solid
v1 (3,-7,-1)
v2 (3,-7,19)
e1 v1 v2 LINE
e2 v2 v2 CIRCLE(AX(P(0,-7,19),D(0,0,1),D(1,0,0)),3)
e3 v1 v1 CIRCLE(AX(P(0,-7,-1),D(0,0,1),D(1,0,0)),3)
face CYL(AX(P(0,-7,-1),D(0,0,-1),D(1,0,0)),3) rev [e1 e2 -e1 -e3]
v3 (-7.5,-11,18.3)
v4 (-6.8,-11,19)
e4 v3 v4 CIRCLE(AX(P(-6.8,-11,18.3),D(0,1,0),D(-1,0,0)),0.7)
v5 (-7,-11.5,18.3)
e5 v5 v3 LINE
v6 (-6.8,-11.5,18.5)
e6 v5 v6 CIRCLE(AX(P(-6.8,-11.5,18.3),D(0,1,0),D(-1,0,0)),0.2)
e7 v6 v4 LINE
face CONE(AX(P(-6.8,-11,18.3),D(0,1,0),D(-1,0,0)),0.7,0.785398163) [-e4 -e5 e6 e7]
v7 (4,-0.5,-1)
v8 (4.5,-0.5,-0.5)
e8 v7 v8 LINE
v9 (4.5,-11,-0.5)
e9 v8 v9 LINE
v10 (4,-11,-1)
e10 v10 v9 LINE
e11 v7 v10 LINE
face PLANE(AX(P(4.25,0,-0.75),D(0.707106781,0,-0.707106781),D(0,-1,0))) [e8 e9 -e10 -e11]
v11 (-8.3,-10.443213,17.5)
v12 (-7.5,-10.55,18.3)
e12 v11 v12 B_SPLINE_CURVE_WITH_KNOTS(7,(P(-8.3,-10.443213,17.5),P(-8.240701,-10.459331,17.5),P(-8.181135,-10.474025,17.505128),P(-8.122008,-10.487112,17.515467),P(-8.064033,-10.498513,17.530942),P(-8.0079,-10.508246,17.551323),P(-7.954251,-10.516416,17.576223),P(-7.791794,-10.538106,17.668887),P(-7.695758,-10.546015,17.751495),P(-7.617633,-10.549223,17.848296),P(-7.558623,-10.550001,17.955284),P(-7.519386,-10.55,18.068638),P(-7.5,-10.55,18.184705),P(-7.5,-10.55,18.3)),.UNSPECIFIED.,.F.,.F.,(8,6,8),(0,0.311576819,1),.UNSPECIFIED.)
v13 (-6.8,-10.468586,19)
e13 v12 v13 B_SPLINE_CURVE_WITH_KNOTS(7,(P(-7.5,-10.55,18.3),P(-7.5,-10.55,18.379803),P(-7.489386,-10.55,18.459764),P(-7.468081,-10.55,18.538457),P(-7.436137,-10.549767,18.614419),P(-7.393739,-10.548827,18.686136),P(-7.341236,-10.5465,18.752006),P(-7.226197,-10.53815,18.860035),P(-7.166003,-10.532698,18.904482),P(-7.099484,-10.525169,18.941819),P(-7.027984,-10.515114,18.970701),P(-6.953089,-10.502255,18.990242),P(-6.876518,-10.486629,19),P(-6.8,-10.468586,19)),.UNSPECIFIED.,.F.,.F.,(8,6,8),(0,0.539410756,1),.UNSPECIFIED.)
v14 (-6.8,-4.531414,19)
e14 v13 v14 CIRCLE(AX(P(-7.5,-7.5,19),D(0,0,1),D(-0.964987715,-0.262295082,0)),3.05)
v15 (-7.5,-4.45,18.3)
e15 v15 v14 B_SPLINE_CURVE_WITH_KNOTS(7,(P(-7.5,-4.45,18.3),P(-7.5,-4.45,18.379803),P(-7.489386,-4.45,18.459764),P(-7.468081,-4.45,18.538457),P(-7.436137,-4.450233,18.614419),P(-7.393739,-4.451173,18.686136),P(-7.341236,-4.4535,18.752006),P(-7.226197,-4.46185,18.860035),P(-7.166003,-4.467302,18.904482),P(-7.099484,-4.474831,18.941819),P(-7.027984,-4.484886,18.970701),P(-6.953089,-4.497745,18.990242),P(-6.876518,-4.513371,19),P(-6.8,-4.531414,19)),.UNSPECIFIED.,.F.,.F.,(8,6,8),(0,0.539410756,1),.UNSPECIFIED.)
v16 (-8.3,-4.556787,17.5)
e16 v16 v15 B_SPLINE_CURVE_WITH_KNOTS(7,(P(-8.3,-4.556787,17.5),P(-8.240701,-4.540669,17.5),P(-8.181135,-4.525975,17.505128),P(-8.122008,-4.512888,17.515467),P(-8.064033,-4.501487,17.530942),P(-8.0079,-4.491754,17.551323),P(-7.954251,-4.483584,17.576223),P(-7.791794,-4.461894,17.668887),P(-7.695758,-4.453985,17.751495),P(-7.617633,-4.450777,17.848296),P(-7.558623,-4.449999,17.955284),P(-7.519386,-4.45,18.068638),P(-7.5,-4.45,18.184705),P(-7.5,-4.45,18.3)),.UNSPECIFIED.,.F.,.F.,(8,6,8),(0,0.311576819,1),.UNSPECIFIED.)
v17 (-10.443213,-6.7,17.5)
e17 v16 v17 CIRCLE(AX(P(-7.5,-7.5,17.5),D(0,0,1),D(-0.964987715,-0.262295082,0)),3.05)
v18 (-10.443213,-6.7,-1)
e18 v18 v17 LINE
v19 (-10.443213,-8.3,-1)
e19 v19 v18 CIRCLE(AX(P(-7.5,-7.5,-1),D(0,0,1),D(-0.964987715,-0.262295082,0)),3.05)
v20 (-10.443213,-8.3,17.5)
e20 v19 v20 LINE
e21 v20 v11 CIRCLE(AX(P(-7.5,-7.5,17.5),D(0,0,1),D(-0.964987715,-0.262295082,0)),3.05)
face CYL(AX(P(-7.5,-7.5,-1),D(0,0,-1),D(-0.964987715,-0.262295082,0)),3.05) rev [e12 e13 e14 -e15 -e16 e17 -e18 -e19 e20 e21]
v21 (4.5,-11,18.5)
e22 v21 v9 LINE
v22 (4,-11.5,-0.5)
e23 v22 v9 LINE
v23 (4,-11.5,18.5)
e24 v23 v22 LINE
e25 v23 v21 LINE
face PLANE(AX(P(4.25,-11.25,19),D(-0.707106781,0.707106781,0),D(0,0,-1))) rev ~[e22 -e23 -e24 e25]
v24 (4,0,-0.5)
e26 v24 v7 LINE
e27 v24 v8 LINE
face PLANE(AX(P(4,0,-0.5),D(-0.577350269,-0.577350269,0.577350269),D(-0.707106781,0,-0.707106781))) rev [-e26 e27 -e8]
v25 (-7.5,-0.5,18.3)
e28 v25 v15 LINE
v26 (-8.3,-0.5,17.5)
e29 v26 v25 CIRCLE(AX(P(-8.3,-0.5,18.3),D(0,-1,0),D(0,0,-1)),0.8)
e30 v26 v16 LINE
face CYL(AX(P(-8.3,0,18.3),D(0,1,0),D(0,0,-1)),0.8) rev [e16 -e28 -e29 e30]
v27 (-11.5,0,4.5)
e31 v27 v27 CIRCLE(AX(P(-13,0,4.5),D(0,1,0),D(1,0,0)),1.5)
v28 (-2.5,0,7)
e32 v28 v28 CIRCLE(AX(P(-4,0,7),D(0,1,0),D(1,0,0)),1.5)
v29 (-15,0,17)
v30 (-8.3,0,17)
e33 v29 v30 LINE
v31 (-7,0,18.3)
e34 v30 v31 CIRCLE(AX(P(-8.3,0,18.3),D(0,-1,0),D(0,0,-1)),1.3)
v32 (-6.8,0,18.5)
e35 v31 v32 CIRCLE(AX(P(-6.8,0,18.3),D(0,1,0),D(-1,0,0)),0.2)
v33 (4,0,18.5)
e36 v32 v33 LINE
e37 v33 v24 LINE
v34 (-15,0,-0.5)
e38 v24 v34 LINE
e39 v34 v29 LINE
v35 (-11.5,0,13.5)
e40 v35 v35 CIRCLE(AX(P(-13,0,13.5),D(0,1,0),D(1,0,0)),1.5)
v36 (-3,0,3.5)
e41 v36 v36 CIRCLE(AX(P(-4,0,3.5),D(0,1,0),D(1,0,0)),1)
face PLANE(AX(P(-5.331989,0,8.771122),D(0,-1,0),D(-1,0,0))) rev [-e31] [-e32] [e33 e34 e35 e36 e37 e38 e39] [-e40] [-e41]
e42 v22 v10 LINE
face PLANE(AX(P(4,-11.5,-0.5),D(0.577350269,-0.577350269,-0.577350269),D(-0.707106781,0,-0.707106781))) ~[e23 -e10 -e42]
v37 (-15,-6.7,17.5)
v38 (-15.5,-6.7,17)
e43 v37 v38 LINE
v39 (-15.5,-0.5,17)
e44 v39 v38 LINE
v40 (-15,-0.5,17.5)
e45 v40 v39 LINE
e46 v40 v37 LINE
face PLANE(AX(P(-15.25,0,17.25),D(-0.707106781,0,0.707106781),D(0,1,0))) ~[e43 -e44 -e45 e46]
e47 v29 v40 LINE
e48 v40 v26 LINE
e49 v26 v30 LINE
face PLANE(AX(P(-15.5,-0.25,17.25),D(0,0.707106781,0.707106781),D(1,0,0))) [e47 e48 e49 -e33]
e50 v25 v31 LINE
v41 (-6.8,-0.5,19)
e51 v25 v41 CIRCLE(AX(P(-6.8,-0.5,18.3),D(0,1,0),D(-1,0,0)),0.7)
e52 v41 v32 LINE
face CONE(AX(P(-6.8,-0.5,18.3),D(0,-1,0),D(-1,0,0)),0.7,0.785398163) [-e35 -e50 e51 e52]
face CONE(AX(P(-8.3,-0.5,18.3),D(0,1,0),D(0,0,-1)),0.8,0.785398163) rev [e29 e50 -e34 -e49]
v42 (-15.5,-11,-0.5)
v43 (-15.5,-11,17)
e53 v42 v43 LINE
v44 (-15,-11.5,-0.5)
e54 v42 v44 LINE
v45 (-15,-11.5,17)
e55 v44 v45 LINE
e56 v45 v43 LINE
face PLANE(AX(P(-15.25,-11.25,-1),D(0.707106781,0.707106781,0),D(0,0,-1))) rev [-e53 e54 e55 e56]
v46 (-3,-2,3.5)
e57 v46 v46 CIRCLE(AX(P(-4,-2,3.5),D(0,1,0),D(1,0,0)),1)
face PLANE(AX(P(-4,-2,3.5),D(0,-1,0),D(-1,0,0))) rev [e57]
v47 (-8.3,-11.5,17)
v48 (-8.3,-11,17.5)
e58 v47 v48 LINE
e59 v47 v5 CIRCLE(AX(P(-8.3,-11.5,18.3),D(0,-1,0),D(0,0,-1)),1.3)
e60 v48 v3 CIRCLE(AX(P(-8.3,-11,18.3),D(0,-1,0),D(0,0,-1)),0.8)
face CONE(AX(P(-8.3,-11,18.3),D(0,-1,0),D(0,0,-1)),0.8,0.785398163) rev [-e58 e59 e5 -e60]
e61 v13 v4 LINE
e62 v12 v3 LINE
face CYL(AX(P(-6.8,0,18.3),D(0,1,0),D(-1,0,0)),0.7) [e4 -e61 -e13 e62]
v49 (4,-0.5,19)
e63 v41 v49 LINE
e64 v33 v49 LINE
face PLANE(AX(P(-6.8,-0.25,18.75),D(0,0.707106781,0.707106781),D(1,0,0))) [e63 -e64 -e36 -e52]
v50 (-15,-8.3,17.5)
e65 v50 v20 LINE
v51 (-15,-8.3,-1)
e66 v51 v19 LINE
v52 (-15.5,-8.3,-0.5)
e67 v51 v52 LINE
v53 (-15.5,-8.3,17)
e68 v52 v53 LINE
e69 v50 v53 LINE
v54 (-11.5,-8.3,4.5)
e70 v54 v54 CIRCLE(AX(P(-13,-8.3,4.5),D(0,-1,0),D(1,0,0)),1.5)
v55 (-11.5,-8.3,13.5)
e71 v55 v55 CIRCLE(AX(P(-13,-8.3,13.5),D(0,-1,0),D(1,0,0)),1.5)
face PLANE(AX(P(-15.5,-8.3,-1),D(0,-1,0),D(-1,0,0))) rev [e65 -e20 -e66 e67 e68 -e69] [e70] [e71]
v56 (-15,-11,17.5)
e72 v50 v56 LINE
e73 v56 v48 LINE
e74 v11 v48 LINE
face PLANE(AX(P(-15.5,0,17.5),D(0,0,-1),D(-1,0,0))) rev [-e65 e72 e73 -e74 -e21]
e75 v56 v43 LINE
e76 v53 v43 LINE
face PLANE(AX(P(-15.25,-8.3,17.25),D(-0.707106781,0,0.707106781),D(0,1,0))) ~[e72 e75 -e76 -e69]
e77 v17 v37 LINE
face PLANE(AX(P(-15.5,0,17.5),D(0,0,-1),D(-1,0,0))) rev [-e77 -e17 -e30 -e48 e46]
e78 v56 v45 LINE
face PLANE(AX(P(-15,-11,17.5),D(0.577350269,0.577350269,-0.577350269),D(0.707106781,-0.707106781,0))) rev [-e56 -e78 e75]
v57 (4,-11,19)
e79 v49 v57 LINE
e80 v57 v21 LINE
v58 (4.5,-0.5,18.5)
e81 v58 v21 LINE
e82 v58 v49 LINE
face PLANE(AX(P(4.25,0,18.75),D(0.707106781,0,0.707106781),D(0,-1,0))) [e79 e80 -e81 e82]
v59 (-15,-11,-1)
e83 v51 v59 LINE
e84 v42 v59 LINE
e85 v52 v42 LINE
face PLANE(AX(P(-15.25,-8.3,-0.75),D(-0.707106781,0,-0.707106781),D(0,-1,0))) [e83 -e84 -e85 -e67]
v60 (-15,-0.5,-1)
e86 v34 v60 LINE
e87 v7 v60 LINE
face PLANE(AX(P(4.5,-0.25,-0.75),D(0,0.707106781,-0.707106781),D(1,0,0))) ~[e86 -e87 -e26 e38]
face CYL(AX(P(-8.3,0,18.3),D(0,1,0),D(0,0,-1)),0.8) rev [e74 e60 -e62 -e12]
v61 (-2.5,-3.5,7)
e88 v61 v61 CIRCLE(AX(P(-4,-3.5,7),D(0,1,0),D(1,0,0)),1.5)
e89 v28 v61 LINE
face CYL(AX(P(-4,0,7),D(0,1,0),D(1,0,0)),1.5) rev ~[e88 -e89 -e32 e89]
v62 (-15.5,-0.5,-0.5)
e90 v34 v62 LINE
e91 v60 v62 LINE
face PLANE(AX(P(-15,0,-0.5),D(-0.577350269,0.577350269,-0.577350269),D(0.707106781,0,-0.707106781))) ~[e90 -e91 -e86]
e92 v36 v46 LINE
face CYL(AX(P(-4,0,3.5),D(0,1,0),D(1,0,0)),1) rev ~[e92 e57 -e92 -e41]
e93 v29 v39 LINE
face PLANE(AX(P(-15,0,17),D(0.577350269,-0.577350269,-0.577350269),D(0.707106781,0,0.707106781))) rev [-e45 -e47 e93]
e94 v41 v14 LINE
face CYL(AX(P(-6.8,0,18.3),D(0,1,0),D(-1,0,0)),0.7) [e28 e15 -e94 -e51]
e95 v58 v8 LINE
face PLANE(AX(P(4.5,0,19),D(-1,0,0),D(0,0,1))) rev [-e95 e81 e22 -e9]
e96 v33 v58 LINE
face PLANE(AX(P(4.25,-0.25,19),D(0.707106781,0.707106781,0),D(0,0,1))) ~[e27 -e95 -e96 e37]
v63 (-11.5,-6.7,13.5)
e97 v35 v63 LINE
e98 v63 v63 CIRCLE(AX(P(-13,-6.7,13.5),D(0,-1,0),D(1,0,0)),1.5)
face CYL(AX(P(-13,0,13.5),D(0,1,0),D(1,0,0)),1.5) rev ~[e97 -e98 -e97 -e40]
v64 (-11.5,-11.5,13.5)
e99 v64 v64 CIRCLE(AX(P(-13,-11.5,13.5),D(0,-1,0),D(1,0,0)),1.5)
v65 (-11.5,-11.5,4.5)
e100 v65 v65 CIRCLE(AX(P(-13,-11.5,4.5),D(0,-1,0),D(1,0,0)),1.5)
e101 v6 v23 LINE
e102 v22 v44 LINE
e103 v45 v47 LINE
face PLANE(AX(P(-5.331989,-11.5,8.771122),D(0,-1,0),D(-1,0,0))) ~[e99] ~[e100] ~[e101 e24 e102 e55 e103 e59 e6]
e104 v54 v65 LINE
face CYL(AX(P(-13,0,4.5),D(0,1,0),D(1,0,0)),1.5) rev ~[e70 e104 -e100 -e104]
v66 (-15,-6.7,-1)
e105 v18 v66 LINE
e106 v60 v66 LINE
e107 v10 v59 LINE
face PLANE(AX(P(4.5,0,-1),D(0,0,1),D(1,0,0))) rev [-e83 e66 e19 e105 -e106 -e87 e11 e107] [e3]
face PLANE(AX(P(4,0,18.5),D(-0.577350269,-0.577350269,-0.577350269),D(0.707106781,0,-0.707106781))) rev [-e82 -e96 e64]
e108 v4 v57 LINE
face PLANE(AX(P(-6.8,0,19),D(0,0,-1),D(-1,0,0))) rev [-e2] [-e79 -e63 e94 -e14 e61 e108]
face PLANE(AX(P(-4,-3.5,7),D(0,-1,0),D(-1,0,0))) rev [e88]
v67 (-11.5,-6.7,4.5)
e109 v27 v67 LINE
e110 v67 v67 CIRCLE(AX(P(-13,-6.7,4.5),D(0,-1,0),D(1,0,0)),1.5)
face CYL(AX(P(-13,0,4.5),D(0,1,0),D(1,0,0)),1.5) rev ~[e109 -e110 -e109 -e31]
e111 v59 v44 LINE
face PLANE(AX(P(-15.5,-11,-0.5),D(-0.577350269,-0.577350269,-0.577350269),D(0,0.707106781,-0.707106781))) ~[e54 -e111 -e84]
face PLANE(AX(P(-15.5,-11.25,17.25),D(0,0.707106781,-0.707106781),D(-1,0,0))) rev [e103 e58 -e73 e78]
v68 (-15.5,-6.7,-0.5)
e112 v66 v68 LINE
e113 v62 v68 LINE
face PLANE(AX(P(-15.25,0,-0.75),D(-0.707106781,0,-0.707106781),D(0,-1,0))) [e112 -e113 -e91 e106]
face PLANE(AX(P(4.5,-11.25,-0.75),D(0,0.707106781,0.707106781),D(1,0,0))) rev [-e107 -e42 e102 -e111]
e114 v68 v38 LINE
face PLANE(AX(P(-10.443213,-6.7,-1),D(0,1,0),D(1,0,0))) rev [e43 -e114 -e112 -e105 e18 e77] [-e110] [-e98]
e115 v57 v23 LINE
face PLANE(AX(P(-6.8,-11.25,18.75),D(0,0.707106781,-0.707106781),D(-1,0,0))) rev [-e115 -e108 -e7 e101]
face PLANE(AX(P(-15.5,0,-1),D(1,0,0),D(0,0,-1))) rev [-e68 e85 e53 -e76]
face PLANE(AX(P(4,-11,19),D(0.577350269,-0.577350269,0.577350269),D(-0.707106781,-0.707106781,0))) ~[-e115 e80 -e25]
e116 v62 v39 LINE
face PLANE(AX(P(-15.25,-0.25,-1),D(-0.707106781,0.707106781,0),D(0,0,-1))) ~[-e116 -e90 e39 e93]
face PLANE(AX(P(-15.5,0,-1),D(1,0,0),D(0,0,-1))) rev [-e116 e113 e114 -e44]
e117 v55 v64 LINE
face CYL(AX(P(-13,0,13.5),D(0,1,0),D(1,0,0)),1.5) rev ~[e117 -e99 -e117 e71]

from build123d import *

# Parameters (mm, degrees)
F0_R      = 1.5
F0_R_2    = 1
F0_R_3    = 1.2
F1_DEPTH  = 11.5
F2_R      = 3
F2_R_2    = 2.4
F3_DEPTH  = 25
F4_DEPTH  = 25
F5_DEPTH  = 3.5
F6_DEPTH  = 2
F7_SIZE   = 0.5
F10_ANGLE = 180


with BuildPart() as f1:
    # F0 (on Front) → F1 (new body)
    with BuildSketch(Plane.XZ):
        with BuildLine():
            Line((-6.8, -20), (4.5, -20))
            Line((4.5, -20), (4.5, 0))
            Line((4.5, 0), (-15.5, 0))
            Line((-15.5, 0), (-15.5, -18.5))
            Line((-15.5, -18.5), (-8.3, -18.5))
            ThreePointArc((-8.3, -18.5), (-7.7343145751, -18.7343145751), (-7.5, -19.3))
            ThreePointArc((-7.5, -19.3), (-7.2949747468, -19.7949747468), (-6.8, -20))
        make_face()
        with Locations((-13, -14.5)):
            Circle(F0_R, mode=Mode.SUBTRACT)
        with Locations((-13, -5.5)):
            Circle(F0_R, mode=Mode.SUBTRACT)
        with Locations((-4, -8)):
            Circle(F0_R, mode=Mode.SUBTRACT)
        with Locations((-4, -4.5)):
            Circle(F0_R_2, mode=Mode.SUBTRACT)
        with Locations((-4, -8)):
            Circle(F0_R)
        with Locations((-4, -8)):
            Circle(F0_R_3, mode=Mode.SUBTRACT)
        with Locations((-13, -5.5)):
            Circle(F0_R)
        with Locations((-13, -5.5)):
            Circle(F0_R_3, mode=Mode.SUBTRACT)
        with Locations((-13, -14.5)):
            Circle(F0_R)
        with Locations((-13, -14.5)):
            Circle(F0_R_3, mode=Mode.SUBTRACT)
        with Locations((-4, -8)):
            Circle(F0_R_3)
        with Locations((-13, -5.5)):
            Circle(F0_R_3)
        with Locations((-13, -14.5)):
            Circle(F0_R_3)
        with Locations((-4, -4.5)):
            Circle(F0_R_2)
    extrude(amount=F1_DEPTH)

    # F2 (on Top) → F3 (cut)
    with BuildSketch(Plane.XY):
        with BuildLine():
            Line((-10.4432125306, -6.7), (-15.5, -6.7))
            Line((-15.5, -6.7), (-15.5, -8.3))
            Line((-15.5, -8.3), (-10.4432125306, -8.3))
            ThreePointArc((-10.4432125306, -8.3), (-4.45, -7.5), (-10.4432125306, -6.7))
        make_face()
        with Locations((0, -7)):
            Circle(F2_R)
        with Locations((0, -7)):
            Circle(F2_R_2, mode=Mode.SUBTRACT)
        with Locations((0, -7)):
            Circle(F2_R_2)
    extrude(amount=-F3_DEPTH, mode=Mode.SUBTRACT)

    # F0 (on Front) → F4 (cut)
    with BuildSketch(Plane.XZ):
        with Locations((-13, -5.5)):
            Circle(F0_R)
        with Locations((-13, -5.5)):
            Circle(F0_R_3, mode=Mode.SUBTRACT)
        with Locations((-13, -14.5)):
            Circle(F0_R)
        with Locations((-13, -14.5)):
            Circle(F0_R_3, mode=Mode.SUBTRACT)
        with Locations((-13, -5.5)):
            Circle(F0_R_3)
        with Locations((-13, -14.5)):
            Circle(F0_R_3)
    extrude(amount=F4_DEPTH, mode=Mode.SUBTRACT)

    # F0 (on Front) → F5 (cut)
    with BuildSketch(Plane.XZ):
        with Locations((-4, -8)):
            Circle(F0_R)
        with Locations((-4, -8)):
            Circle(F0_R_3, mode=Mode.SUBTRACT)
        with Locations((-4, -8)):
            Circle(F0_R_3)
    extrude(amount=F5_DEPTH, mode=Mode.SUBTRACT)

    # F0 (on Front) → F6 (cut)
    with BuildSketch(Plane.XZ):
        with Locations((-4, -4.5)):
            Circle(F0_R_2)
    extrude(amount=F6_DEPTH, mode=Mode.SUBTRACT)

    # F7
    f7_edges = [f1.edges().sort_by_distance(p)[0] for p in [
        (4.5, -5.75, 0),
        (-5.5, -11.5, 0),
        (-15.5, -9.9, 0),
        (-15.5, -3.35, 0),
        (-5.5, 0, 0),
        (4.5, -11.5, -10),
        (-15.5, -11.5, -9.25),
        (-11.9, -11.5, -18.5),
        (-7.734315, -11.5, -18.734315),
        (-7.294975, -11.5, -19.794975),
        (-1.15, -11.5, -20),
        (4.5, -5.75, -20),
        (-15.5, -9.9, -18.5),
        (-15.5, -3.35, -18.5),
        (4.5, 0, -10),
        (-1.15, 0, -20),
        (-7.294975, 0, -19.794975),
        (-7.734315, 0, -18.734315),
        (-11.9, 0, -18.5),
        (-15.5, 0, -9.25),
    ]]
    chamfer(f7_edges, length=F7_SIZE)


with BuildPart() as f8_1:
    # F8: instance of F1
    add(f1.part.mirror(Plane.XZ))


with BuildPart() as f8_1_1:
    # F10: moved
    add(f8_1.part.rotate(Axis((-5.5, 0, -0.5), (1, 0, 0)), F10_ANGLE))


solid = f8_1_1.part
